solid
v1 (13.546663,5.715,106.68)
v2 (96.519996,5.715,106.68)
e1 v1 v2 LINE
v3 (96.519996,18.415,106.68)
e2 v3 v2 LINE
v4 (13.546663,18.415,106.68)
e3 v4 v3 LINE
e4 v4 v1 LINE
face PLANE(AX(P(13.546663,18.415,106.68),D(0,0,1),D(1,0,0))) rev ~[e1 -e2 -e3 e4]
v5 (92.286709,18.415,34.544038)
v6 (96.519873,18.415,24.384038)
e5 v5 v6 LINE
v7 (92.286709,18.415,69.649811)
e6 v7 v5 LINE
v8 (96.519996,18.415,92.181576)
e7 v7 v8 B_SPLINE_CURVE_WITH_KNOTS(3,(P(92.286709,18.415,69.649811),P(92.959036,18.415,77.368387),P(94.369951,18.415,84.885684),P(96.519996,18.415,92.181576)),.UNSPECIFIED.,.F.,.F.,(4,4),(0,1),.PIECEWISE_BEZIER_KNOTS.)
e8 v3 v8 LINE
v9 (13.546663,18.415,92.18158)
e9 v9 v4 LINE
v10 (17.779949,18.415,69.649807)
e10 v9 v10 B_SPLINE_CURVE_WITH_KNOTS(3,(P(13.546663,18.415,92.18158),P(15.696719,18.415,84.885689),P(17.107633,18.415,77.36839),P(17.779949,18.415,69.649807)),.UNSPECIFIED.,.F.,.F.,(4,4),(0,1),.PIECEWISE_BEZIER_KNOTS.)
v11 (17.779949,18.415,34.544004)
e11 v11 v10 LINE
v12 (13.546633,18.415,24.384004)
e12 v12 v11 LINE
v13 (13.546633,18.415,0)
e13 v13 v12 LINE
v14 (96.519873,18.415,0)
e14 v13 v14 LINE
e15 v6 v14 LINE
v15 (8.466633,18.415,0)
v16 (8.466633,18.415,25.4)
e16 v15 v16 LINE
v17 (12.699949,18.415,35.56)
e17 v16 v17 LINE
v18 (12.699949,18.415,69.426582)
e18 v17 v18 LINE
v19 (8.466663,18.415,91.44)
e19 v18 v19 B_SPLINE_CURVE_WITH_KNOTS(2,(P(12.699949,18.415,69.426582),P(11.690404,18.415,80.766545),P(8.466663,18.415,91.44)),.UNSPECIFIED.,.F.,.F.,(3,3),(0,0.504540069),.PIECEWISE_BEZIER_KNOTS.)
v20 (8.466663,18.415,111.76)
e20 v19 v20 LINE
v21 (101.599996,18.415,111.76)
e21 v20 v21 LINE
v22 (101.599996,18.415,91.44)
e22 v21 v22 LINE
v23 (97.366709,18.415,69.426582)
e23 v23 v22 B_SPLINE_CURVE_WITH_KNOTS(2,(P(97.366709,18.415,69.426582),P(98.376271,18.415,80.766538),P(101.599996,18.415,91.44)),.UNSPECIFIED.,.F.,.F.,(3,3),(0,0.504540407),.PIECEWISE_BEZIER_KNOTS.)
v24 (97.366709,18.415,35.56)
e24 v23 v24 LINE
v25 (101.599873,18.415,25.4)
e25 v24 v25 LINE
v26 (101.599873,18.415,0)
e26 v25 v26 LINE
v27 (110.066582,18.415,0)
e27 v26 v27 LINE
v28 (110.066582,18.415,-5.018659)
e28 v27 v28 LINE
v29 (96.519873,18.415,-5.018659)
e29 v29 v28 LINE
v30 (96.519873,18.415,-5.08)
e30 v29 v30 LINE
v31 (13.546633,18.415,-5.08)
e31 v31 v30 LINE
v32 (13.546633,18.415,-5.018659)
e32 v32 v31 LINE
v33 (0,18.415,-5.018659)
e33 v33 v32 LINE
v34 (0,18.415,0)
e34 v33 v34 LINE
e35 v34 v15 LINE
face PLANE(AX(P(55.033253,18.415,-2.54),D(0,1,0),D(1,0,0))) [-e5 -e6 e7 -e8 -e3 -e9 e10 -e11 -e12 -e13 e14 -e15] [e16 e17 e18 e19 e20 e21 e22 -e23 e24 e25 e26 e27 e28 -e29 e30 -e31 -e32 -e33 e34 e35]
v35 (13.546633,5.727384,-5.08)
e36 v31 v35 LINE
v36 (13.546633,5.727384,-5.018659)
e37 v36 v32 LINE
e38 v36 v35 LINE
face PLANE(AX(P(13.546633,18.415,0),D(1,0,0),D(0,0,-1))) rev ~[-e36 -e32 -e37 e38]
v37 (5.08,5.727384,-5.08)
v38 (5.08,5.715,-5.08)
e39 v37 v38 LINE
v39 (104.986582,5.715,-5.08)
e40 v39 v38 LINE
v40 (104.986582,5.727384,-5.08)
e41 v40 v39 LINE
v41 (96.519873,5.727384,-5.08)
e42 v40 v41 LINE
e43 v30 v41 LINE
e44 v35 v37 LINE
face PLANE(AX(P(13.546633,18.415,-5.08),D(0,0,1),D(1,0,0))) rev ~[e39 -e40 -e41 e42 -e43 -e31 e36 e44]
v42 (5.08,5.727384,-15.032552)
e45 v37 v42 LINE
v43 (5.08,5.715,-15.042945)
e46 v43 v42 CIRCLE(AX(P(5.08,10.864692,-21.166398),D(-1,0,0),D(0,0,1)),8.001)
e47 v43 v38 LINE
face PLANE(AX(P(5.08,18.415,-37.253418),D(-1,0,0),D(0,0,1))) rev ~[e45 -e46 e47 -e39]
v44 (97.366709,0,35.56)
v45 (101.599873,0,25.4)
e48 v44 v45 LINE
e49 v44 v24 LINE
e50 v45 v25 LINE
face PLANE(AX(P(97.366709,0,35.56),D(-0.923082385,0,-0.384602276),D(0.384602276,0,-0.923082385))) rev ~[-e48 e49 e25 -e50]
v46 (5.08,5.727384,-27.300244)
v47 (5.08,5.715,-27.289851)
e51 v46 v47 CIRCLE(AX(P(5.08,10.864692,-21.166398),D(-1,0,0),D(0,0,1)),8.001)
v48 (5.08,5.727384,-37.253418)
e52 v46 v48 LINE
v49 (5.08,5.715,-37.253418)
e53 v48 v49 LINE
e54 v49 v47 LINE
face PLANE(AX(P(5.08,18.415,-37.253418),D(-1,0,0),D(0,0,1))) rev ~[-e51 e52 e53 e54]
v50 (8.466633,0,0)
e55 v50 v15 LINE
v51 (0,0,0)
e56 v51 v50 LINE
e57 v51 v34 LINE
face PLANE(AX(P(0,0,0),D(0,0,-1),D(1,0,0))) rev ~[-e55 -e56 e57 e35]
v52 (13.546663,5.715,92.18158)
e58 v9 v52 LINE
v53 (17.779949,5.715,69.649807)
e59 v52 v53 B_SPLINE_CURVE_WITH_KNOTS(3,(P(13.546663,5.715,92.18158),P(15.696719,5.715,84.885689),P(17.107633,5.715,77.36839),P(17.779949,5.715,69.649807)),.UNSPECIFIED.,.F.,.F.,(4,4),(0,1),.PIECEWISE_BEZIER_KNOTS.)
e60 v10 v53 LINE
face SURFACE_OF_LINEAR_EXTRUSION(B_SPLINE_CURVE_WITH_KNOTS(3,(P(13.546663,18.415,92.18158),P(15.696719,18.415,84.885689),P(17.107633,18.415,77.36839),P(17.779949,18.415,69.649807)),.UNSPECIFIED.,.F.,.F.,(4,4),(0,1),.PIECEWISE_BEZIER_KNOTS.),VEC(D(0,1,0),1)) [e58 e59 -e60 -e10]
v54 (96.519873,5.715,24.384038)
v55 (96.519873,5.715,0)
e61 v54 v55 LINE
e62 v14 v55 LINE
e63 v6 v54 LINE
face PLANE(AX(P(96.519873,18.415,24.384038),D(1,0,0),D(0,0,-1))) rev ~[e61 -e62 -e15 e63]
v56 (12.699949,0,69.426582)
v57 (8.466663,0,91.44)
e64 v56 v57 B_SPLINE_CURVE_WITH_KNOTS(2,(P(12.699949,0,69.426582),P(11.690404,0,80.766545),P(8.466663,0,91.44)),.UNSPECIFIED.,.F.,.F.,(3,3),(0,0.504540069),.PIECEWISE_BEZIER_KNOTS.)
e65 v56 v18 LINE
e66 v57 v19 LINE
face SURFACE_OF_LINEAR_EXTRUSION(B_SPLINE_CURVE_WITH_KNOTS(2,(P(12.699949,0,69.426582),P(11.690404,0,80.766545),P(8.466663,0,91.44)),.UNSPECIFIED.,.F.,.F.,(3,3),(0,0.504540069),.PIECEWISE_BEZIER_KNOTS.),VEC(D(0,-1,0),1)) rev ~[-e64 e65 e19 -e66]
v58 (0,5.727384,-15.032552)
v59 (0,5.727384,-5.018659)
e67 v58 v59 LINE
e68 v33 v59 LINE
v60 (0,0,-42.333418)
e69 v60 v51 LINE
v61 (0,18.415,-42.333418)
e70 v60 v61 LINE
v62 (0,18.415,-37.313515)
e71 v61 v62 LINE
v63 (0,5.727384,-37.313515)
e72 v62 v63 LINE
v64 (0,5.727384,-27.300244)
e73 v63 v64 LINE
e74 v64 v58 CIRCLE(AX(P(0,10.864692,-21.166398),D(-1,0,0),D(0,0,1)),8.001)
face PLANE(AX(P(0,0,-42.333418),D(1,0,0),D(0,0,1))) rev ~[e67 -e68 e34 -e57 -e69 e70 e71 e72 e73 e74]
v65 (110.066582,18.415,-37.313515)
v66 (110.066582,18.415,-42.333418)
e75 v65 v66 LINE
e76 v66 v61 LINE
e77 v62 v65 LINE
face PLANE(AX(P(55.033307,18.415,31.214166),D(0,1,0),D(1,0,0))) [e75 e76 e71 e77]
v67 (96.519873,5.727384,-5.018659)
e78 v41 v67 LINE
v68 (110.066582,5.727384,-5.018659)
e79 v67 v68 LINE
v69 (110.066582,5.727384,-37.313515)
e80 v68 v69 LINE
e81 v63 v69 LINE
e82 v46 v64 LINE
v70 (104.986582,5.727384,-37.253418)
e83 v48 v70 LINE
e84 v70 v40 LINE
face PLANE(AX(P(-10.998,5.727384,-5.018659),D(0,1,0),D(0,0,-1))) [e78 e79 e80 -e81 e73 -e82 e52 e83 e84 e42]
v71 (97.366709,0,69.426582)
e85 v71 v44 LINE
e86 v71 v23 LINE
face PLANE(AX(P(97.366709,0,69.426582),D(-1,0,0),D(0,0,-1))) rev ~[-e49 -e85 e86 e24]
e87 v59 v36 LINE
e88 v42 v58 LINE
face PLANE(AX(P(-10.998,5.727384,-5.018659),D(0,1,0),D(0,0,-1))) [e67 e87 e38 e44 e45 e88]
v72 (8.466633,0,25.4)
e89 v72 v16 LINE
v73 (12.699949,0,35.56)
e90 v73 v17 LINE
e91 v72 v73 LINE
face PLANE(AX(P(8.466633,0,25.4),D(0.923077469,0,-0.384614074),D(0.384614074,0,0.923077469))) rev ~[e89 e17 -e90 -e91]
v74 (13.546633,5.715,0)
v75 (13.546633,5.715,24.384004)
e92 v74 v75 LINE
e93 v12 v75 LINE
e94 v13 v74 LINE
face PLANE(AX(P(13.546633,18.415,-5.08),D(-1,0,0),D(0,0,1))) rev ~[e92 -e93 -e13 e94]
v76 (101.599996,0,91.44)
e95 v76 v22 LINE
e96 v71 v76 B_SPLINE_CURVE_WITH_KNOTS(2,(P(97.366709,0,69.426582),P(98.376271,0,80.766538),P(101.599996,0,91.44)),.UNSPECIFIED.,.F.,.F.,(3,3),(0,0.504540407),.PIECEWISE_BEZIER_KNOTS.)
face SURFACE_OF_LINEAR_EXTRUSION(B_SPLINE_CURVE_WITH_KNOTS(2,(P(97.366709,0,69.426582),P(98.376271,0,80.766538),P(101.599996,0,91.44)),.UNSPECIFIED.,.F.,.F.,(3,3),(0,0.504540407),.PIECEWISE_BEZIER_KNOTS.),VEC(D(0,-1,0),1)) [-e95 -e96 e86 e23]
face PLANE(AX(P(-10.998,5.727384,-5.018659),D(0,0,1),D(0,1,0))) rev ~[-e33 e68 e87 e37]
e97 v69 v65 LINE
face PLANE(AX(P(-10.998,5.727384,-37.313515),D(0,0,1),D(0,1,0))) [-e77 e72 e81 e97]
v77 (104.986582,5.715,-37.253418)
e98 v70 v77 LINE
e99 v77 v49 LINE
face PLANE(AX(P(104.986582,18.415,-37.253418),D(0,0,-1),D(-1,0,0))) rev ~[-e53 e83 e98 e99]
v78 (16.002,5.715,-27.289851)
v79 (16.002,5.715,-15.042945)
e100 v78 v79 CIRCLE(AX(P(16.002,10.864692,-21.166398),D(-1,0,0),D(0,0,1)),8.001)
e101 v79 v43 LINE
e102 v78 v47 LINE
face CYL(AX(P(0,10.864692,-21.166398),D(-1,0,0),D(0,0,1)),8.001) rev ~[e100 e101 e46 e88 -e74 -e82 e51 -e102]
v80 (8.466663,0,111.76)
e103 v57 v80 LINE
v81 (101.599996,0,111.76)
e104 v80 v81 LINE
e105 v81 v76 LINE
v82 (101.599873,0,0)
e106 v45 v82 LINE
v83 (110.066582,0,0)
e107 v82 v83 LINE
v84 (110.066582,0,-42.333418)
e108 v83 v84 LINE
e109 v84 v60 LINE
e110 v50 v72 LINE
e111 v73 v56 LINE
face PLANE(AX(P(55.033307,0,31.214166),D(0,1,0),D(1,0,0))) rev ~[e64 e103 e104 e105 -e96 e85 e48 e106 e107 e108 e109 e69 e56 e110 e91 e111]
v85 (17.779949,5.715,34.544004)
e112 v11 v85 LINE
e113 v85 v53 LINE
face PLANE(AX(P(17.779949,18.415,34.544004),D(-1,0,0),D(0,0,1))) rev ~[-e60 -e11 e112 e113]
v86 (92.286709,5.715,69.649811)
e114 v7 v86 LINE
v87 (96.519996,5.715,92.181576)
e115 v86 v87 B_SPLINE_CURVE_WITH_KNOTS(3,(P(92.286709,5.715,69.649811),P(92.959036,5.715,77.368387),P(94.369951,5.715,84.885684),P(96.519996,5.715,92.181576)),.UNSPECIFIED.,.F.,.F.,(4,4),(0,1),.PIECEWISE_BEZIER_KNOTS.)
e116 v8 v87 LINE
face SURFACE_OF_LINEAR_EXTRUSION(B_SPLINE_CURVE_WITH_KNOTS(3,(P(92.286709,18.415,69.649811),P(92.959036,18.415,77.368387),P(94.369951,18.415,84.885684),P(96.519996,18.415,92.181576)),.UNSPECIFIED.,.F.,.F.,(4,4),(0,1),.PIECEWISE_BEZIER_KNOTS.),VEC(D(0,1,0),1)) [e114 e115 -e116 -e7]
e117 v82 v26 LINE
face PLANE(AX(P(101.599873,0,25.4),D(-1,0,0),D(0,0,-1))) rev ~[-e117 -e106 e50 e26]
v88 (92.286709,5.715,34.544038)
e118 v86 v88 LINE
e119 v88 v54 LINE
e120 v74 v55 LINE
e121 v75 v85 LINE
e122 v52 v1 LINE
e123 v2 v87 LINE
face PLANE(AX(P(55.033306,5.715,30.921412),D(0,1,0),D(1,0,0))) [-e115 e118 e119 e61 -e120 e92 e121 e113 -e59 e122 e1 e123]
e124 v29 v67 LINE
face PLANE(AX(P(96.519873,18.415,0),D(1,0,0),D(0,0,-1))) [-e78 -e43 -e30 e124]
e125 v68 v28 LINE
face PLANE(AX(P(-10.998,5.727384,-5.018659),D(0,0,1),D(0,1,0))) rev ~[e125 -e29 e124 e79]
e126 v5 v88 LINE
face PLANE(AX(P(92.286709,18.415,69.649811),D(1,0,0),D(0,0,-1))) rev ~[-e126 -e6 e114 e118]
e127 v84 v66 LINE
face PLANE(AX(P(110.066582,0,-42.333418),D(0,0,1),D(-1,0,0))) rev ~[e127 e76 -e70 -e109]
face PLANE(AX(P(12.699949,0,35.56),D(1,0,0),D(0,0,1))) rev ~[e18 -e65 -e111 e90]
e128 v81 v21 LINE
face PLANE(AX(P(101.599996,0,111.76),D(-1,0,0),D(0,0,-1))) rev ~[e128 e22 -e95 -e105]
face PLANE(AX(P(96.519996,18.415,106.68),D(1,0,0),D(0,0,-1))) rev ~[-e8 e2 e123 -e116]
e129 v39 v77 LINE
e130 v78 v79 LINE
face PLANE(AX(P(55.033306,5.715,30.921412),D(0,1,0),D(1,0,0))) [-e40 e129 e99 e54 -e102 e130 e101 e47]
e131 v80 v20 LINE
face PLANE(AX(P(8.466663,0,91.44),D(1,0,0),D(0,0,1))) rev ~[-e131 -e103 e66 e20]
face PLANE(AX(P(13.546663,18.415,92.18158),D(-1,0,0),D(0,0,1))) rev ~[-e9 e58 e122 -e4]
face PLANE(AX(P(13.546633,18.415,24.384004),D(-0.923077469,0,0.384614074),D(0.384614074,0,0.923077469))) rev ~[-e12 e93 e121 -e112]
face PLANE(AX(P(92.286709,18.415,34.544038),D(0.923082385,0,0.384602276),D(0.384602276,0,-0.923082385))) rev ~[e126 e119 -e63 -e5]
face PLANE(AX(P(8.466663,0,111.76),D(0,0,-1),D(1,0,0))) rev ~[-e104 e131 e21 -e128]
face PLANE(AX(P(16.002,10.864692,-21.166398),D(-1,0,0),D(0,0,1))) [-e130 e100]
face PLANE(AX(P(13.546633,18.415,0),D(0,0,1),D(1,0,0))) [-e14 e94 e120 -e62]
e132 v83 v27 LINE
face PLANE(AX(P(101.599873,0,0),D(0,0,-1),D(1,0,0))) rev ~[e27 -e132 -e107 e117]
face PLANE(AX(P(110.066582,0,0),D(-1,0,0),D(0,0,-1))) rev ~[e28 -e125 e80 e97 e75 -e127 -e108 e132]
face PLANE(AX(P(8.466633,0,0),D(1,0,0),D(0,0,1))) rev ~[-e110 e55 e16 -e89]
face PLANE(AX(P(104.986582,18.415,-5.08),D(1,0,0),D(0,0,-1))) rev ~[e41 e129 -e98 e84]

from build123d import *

# Parameters (mm, degrees)
BOSS_EXTRUDE1_DEPTH     = 18.415
CUT_EXTRUDE1_DEPTH      = 12.7
CUT_EXTRUDE2_DEPTH      = 116.078
CUT_EXTRUDE2_DEPTH_BACK = 116.078
SKETCH11_W              = 32.294856704
SKETCH11_H              = 12.721148442
SKETCH12_W              = 82.9732402
SKETCH12_H              = 5.08
BOSS_EXTRUDE3_DEPTH     = 12.7
SKETCH13_R              = 8.001
CUT_EXTRUDE3_DEPTH      = 16.002


with BuildPart() as part:
    # Sketch3 → Boss-Extrude1 (new body)
    with BuildSketch(Plane(origin=(0, 0, 0), x_dir=(1, 0, 0), z_dir=(0, 1, 0))):
        with BuildLine():
            Line((101.599873, 0), (110.066582, 0))
            Line((110.066582, 0), (110.066582, 42.333418))
            Line((110.066582, 42.333418), (55.033291, 42.333418))
            Line((55.033291, 42.333418), (8.4666328, 42.333418))
            Line((8.4666328, 42.333418), (0, 42.333418))
            Line((0, 42.333418), (0, 0))
            Line((0, 0), (8.4666328, 0))
            Line((8.4666328, 0), (8.4666328, -25.4))
            Line((8.4666328, -25.4), (12.6999492, -35.56))
            Line((12.6999492, -35.56), (12.6999492, -69.426582))
            add(Edge.make_bspline(
                [(12.6999492, -69.426582), (11.690404189, -80.766544706), (8.46666328, -91.44)],
                knots=[0, 0, 0, 0.504540069, 0.504540069, 0.504540069], degree=2))
            Line((8.46666328, -91.44), (8.46666328, -111.76))
            Line((8.46666328, -111.76), (101.599995682, -111.76))
            Line((101.599995682, -111.76), (101.599995682, -91.44))
            add(Edge.make_bspline(
                [(97.366709, -69.426582), (98.376270675, -80.766537876), (101.599995682, -91.44)],
                knots=[0, 0, 0, 0.504540407, 0.504540407, 0.504540407], degree=2))
            Line((97.366709, -69.426582), (97.366709, -35.56))
            Line((97.366709, -35.56), (101.599873, -25.4))
            Line((101.599873, -25.4), (101.599873, 0))
        make_face()
    extrude(amount=BOSS_EXTRUDE1_DEPTH)

    # Sketch7 → Cut-Extrude1 (cut)
    with BuildSketch(Plane(origin=(0, 18.415, 0), x_dir=(1, 0, 0), z_dir=(0, 1, 0))):
        with BuildLine():
            Line((104.986582, 5.08), (104.986582, 37.253418))
            Line((104.986582, 37.253418), (5.08, 37.253418))
            Line((5.08, 37.253418), (5.08, 5.08))
            Line((5.08, 5.08), (13.5466328, 5.08))
            Line((13.5466328, 5.08), (13.5466328, -24.384003751))
            Line((13.5466328, -24.384003751), (17.7799492, -34.544003751))
            Line((17.7799492, -34.544003751), (17.7799492, -69.649806794))
            add(Edge.make_bspline(
                [(13.54666328, -92.18157962), (15.696718758, -84.885689198), (17.107633166, -77.368389863), (17.7799492, -69.649806794)],
                knots=[0, 0, 0, 0, 1, 1, 1, 1], degree=3))
            Line((13.54666328, -92.18157962), (13.54666328, -106.68))
            Line((13.54666328, -106.68), (96.519995682, -106.68))
            Line((96.519995682, -106.68), (96.519995682, -92.1815758))
            add(Edge.make_bspline(
                [(92.286709, -69.649810631), (92.959036165, -77.368387225), (94.369950858, -84.885683715), (96.519995682, -92.1815758)],
                knots=[0, 0, 0, 0, 1, 1, 1, 1], degree=3))
            Line((92.286709, -69.649810631), (92.286709, -34.544037514))
            Line((92.286709, -34.544037514), (96.519873, -24.384037514))
            Line((96.519873, -24.384037514), (96.519873, 5.08))
            Line((96.519873, 5.08), (104.986582, 5.08))
        make_face()
    extrude(amount=-CUT_EXTRUDE1_DEPTH, mode=Mode.SUBTRACT)

    # Sketch11 → Cut-Extrude2 (cut, two sides: drawn at the far end of the back side and taken through both)
    with BuildSketch(Plane(origin=(105.08, 0, 0), x_dir=(0, 0, -1), z_dir=(1, 0, 0)).offset(-CUT_EXTRUDE2_DEPTH_BACK)):
        with Locations((21.166087112, 12.087958035)):
            Rectangle(SKETCH11_W, SKETCH11_H)
    extrude(amount=CUT_EXTRUDE2_DEPTH + CUT_EXTRUDE2_DEPTH_BACK, mode=Mode.SUBTRACT)

    # Sketch12 → Boss-Extrude3 (add)
    with BuildSketch(Plane(origin=(0, 18.415, 0), x_dir=(1, 0, 0), z_dir=(0, 1, 0))):
        with Locations((55.0332529, 2.54)):
            Rectangle(SKETCH12_W, SKETCH12_H)
    extrude(amount=-BOSS_EXTRUDE3_DEPTH)

    # Sketch13 → Cut-Extrude3 (cut)
    with BuildSketch(Plane.ZY):
        with Locations((-21.166398056, 10.864691907)):
            Circle(SKETCH13_R)
    extrude(amount=-CUT_EXTRUDE3_DEPTH, mode=Mode.SUBTRACT)


solid = part.part
